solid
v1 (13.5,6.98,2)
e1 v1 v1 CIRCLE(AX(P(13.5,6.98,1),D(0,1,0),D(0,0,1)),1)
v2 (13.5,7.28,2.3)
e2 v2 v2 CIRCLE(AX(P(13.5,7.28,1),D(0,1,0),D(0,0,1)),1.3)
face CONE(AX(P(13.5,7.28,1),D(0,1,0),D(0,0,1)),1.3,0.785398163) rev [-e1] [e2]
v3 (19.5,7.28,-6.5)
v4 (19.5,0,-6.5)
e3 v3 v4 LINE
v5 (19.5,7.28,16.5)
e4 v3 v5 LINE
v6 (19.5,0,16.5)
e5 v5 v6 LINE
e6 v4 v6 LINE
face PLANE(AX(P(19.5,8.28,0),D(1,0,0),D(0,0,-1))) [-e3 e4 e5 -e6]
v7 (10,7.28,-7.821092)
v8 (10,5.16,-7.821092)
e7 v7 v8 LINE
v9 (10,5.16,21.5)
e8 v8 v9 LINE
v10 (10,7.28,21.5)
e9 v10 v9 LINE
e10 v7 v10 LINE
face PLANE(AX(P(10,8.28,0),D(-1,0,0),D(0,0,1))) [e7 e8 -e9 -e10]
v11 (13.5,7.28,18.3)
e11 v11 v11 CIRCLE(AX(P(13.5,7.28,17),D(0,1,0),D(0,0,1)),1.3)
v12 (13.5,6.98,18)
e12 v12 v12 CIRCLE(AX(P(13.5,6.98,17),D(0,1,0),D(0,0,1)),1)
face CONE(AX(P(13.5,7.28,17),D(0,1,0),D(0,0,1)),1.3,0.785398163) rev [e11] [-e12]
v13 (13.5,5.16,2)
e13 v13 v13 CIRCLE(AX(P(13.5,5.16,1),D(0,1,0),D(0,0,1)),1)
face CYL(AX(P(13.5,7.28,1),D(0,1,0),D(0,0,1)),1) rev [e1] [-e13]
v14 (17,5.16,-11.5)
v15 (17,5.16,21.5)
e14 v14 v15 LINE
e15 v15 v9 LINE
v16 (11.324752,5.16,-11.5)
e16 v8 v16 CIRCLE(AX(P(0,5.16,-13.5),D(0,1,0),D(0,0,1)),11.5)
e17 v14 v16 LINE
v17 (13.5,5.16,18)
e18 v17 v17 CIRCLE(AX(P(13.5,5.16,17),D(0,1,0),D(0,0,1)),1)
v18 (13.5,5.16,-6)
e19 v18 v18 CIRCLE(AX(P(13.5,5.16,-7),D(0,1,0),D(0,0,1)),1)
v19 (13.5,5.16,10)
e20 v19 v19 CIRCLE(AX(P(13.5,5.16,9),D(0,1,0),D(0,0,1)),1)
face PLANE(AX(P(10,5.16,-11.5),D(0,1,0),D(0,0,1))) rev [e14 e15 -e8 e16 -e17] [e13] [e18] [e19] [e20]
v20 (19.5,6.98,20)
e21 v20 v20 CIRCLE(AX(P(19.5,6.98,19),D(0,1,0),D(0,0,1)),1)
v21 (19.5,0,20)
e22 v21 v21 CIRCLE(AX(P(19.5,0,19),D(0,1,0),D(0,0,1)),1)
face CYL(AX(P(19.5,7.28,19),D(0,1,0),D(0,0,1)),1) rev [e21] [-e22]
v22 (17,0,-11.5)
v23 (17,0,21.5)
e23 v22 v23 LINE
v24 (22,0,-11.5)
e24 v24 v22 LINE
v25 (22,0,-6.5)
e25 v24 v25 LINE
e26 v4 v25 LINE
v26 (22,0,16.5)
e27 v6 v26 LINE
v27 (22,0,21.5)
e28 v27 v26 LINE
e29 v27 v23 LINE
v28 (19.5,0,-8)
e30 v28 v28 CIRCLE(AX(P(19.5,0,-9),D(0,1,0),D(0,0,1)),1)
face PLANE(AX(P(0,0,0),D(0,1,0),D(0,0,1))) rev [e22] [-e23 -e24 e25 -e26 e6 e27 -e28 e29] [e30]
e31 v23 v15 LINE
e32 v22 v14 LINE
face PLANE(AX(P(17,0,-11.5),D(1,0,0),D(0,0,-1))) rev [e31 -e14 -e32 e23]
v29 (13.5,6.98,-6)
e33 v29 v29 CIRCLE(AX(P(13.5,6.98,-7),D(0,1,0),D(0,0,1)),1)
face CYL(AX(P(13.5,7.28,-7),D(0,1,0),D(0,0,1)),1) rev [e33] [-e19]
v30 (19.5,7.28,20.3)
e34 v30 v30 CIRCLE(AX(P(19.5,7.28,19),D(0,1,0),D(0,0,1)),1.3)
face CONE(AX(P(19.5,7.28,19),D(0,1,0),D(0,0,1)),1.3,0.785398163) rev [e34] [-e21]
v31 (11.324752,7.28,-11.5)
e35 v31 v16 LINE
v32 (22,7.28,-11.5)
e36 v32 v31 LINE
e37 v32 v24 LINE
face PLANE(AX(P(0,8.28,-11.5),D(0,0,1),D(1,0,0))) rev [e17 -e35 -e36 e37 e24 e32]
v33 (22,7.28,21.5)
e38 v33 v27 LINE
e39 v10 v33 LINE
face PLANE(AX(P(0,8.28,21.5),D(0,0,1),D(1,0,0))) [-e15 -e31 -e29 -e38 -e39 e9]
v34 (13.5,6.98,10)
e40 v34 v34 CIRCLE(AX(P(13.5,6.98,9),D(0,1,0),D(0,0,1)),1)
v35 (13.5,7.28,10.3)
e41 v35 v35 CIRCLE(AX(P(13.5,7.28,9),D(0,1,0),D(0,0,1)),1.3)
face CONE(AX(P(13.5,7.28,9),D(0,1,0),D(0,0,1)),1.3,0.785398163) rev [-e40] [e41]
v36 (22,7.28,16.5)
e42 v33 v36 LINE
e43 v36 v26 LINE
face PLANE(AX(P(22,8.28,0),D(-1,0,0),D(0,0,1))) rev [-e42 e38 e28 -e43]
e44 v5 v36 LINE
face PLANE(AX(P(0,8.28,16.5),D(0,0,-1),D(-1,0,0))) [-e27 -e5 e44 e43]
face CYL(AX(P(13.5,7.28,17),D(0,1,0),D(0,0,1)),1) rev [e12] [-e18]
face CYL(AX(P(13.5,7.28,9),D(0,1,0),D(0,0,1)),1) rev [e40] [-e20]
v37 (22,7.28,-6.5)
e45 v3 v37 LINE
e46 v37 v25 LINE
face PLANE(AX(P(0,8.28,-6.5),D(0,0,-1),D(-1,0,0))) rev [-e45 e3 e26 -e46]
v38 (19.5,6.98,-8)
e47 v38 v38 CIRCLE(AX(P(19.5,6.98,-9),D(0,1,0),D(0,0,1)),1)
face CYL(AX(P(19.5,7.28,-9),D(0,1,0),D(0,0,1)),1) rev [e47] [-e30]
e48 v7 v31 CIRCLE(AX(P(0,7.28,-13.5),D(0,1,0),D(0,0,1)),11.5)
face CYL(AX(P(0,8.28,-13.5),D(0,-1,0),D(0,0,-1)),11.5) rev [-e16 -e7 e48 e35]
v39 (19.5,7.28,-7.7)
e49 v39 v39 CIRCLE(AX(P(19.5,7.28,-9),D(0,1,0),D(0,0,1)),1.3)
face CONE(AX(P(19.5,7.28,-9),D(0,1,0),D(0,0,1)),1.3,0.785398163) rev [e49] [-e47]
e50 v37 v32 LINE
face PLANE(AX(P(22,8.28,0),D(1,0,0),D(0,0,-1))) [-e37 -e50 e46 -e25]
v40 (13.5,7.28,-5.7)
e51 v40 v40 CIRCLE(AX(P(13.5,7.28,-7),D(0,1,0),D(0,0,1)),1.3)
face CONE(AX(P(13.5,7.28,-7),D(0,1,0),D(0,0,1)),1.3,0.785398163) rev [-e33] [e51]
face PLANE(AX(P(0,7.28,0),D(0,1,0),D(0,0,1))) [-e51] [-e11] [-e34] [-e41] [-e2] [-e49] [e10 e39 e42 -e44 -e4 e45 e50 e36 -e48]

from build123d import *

# Parameters (mm, degrees)
IZIM3_W                                          = 3.5
IZIM3_H                                          = 23
IZIM3_H_2                                        = 5
IZIM3_W_2                                        = 2.5
Y_KSEKLIK_EKSTR_ZYON3_DEPTH                      = 8.28
IZIM4_W                                          = 7
IZIM4_H                                          = 5.16
KES_EKSTR_ZYON1_DEPTH                            = 34
IZIM11_W                                         = 12
IZIM11_H                                         = 33
KES_EKSTR_ZYON2_DEPTH                            = 1
M2_D_Z_BA_L_MAKINE_VIDAS_IN_HAV_A_DE_D           = 2
M2_D_Z_BA_L_MAKINE_VIDAS_IN_HAV_A_DE_CSINK_D     = 2.6
M2_D_Z_BA_L_MAKINE_VIDAS_IN_HAV_A_DE_CSINK_ANGLE = 90


with BuildPart() as part:
    # Çizim3 → Yükseklik-Ekstrüzyon3 (new body)
    with BuildSketch(Plane(origin=(0, 0, 0), x_dir=(1, 0, 0), z_dir=(0, 1, 0))):
        with BuildLine():
            Line((16, 6.5), (16, 11.5))
            Line((16, 11.5), (11.324751653, 11.5))
            ThreePointArc((11.324751653, 11.5), (10.819882158, 9.603828792), (10, 7.821091654))
            Line((10, 7.821091654), (10, -21.5))
            Line((10, -21.5), (16, -21.5))
            Line((16, -21.5), (16, -16.5))
            Line((16, -16.5), (16, 6.5))
        make_face()
        with Locations((17.75, -5)):
            Rectangle(IZIM3_W, IZIM3_H)
        with Locations((17.75, 9)):
            Rectangle(IZIM3_W, IZIM3_H_2)
        with Locations((20.75, 9)):
            Rectangle(IZIM3_W_2, IZIM3_H_2)
        with Locations((17.75, -19)):
            Rectangle(IZIM3_W, IZIM3_H_2)
        with Locations((20.75, -19)):
            Rectangle(IZIM3_W_2, IZIM3_H_2)
    extrude(amount=Y_KSEKLIK_EKSTR_ZYON3_DEPTH)

    # Çizim4 → Kes-Ekstrüzyon1 (cut, through all)
    with BuildSketch(Plane.XY.offset(21.5)):
        with Locations((13.5, 2.58)):
            Rectangle(IZIM4_W, IZIM4_H)
    extrude(amount=-KES_EKSTR_ZYON1_DEPTH, mode=Mode.SUBTRACT)

    # Çizim11 → Kes-Ekstrüzyon2 (cut)
    with BuildSketch(Plane(origin=(0, 8.28, 0), x_dir=(1, 0, 0), z_dir=(0, 1, 0))):
        with Locations((16, -5)):
            Rectangle(IZIM11_W, IZIM11_H)
    extrude(amount=-KES_EKSTR_ZYON2_DEPTH, mode=Mode.SUBTRACT)

    # M2 Düz Başlı Makine Vidası İçin Havşa_ DEĞİŞTİREBİLİRİZ (through all)
    with Locations(Plane(origin=(19.5, 7.28, 19), x_dir=(0, 0, 1), z_dir=(0, 1, 0))):
        with Locations((0, 0), (-28, 0), (-2, -6), (-10, -6), (-18, -6), (-26, -6)):
            CounterSinkHole(M2_D_Z_BA_L_MAKINE_VIDAS_IN_HAV_A_DE_D / 2, M2_D_Z_BA_L_MAKINE_VIDAS_IN_HAV_A_DE_CSINK_D / 2, counter_sink_angle=M2_D_Z_BA_L_MAKINE_VIDAS_IN_HAV_A_DE_CSINK_ANGLE)


solid = part.part
